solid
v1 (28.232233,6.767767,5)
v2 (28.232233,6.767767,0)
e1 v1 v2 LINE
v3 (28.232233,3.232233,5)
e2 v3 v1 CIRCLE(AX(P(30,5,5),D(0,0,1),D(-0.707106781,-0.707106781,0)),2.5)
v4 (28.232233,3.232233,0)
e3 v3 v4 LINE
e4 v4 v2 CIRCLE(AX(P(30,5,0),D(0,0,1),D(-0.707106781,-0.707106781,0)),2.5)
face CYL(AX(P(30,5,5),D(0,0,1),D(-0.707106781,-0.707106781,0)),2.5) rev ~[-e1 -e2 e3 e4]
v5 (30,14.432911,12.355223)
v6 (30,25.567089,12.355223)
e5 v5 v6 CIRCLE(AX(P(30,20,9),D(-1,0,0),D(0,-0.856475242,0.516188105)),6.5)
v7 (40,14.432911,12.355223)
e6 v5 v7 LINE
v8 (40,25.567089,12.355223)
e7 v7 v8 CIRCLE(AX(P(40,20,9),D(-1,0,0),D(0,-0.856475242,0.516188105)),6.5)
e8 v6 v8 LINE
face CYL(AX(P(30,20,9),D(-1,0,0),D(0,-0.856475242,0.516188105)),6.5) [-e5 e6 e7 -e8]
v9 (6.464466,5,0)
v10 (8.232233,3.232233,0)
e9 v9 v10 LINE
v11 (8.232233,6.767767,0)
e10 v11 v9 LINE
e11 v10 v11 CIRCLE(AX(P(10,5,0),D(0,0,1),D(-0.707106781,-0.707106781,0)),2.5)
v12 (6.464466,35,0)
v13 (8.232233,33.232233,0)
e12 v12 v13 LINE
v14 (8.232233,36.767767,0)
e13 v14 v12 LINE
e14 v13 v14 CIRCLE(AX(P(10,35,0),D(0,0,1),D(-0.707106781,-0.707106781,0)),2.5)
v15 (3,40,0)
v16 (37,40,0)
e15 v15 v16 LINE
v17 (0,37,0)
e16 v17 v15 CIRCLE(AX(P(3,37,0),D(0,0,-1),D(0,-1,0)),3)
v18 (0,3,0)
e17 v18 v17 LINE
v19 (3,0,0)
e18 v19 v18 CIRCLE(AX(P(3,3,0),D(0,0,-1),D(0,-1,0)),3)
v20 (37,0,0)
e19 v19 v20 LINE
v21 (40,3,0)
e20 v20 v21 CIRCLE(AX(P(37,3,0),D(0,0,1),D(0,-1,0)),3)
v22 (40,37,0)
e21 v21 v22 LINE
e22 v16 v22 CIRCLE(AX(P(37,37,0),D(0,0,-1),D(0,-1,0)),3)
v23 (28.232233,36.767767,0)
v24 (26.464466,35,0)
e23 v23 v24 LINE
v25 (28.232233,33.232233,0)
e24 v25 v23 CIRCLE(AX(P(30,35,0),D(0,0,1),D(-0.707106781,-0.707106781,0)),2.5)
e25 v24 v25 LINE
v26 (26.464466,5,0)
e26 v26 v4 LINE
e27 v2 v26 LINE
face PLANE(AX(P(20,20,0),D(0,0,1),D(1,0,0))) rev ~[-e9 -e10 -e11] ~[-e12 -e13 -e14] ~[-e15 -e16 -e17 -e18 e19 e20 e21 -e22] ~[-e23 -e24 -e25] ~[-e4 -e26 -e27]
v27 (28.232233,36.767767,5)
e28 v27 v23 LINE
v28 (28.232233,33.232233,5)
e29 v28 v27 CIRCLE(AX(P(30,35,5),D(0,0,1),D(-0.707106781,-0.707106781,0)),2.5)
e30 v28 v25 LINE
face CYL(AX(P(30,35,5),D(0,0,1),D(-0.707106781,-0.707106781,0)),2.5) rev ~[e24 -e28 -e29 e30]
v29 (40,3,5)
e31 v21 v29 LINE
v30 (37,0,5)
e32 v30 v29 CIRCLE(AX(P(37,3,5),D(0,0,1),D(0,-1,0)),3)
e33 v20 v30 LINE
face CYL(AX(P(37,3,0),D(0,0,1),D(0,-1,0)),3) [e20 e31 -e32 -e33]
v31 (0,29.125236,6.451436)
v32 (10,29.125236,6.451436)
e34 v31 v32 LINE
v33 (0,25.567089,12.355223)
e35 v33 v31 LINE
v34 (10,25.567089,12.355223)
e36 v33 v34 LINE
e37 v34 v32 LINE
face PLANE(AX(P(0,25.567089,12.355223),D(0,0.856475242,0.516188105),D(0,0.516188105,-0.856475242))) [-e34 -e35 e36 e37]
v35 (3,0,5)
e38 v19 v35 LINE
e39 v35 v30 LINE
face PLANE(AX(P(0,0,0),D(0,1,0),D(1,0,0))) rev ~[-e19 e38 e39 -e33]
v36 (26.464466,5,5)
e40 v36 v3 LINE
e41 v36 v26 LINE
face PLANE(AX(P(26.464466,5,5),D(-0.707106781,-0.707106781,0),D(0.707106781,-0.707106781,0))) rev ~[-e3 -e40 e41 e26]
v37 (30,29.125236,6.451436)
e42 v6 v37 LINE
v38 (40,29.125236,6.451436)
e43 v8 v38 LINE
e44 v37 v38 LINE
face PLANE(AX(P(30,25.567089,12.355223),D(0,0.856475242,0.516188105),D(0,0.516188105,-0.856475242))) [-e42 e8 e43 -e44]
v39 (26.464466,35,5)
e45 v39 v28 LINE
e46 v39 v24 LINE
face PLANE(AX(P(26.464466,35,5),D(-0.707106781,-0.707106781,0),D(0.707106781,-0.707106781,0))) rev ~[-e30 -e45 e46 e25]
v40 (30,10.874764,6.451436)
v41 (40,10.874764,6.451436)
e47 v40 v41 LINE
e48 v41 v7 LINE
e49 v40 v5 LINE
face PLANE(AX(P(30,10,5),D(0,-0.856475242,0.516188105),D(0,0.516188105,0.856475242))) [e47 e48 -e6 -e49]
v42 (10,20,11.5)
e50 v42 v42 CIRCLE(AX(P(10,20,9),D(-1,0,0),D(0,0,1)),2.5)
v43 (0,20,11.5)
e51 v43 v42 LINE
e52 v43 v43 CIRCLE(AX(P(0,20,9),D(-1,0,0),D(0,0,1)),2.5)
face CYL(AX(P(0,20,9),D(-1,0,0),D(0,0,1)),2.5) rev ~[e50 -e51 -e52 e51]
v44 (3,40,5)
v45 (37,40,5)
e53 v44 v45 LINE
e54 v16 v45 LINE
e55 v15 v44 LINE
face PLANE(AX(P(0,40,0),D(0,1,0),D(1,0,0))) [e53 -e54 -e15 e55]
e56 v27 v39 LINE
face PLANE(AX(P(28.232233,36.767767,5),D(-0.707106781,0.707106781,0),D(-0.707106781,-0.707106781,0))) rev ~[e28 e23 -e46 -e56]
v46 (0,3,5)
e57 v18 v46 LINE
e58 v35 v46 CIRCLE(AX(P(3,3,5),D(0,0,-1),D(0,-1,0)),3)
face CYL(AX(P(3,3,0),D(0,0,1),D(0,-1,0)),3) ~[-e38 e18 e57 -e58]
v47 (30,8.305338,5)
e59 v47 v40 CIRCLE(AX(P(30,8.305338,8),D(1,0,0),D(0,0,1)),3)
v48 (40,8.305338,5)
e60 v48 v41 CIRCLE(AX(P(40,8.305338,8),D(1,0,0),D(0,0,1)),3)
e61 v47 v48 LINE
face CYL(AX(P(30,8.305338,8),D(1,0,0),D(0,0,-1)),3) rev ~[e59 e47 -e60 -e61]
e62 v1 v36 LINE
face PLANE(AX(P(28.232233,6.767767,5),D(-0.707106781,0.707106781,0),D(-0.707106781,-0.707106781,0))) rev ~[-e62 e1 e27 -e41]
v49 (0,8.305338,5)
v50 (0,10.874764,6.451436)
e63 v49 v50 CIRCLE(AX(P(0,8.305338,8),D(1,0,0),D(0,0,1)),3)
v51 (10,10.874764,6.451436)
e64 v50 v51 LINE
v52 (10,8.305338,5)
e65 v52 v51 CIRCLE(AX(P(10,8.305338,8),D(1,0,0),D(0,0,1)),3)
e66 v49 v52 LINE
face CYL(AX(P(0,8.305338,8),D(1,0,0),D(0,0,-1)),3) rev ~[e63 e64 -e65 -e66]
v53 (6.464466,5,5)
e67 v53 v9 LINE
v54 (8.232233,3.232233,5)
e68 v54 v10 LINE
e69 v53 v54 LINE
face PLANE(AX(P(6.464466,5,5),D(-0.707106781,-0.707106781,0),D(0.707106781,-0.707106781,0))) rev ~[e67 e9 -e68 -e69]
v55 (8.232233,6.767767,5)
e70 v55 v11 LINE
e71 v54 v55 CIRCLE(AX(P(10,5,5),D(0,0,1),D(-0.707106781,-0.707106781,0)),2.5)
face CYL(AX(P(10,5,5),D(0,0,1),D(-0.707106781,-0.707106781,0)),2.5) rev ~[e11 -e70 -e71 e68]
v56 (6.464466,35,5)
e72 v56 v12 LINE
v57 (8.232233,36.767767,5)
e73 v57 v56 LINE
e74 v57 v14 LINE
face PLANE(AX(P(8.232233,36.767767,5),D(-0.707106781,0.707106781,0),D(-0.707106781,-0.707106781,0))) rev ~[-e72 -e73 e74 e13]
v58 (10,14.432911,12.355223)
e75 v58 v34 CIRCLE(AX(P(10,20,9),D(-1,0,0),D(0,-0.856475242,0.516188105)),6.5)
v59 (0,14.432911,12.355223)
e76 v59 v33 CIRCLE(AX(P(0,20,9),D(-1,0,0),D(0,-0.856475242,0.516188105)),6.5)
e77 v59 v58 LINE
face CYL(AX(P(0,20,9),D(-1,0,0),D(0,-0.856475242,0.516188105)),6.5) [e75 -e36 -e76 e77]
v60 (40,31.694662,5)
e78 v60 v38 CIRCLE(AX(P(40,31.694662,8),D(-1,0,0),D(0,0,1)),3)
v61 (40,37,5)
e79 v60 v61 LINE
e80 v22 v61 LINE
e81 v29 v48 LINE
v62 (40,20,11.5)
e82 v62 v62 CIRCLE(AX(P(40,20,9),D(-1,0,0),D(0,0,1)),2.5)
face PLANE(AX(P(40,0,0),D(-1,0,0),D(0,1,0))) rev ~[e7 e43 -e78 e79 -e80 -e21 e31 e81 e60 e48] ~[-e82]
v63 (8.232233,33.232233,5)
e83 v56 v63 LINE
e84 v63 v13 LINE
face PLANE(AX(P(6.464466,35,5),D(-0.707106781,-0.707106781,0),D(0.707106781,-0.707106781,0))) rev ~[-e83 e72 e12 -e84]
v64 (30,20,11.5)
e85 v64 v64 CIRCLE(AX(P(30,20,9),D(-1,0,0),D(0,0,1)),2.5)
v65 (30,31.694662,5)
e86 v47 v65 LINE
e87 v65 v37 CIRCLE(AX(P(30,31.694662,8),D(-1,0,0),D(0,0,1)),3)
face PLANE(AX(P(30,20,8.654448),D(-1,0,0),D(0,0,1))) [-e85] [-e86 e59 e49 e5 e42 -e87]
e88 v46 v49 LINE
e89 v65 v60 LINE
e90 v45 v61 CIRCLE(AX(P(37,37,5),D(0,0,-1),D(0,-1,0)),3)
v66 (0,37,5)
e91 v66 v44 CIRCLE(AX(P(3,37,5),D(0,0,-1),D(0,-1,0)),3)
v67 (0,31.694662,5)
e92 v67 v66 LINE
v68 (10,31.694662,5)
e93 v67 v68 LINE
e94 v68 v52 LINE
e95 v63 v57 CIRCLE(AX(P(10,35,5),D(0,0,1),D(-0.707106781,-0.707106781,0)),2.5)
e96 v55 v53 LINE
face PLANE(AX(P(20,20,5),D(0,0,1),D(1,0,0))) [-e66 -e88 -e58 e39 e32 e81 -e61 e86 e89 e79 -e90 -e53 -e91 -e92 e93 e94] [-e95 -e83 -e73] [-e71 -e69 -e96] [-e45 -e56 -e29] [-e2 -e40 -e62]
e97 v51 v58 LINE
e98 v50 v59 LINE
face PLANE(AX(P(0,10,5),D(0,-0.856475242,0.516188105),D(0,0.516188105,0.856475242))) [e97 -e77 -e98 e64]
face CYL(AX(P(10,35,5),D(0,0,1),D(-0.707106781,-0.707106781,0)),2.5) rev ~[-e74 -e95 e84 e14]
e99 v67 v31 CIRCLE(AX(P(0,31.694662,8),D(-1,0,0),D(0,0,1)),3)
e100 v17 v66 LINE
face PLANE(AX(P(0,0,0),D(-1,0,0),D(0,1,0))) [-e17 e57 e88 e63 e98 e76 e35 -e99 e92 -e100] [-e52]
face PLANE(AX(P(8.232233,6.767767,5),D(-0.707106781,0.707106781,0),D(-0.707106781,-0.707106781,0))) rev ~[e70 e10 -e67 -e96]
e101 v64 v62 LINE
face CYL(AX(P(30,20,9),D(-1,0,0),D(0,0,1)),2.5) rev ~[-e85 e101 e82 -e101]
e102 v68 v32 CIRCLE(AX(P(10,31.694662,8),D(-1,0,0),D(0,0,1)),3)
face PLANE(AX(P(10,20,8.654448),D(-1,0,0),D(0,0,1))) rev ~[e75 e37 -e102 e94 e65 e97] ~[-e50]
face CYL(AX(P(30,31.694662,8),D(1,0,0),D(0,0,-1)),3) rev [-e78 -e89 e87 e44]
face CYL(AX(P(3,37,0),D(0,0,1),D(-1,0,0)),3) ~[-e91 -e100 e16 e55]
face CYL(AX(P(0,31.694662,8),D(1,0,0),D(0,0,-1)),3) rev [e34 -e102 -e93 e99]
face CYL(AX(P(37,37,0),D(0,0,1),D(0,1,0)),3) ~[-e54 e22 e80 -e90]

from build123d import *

# Parameters (mm, degrees)
SKETCH1_W              = 40
SKETCH1_H              = 40
BOSS_EXTRUDE1_DEPTH    = 5
CUT_EXTRUDE1_DEPTH     = 57.789083458
SKETCH3_R              = 2.5
BOSS_EXTRUDE2_DEPTH    = 10
FILLET1_R              = 3
LPATTERN1_COUNT        = 2
LPATTERN1_PITCH        = 30
FILLET1_OF_LPATTERN1_R = 3
FILLET2_R              = 3


with BuildPart() as part:
    # Sketch1 → Boss-Extrude1 (new body)
    with BuildSketch(Plane.XY):
        with Locations((20, 20)):
            Rectangle(SKETCH1_W, SKETCH1_H)
    extrude(amount=BOSS_EXTRUDE1_DEPTH)

    # Sketch2 → Cut-Extrude1 (cut, through all)
    with BuildSketch(Plane.XY.offset(5)):
        with BuildLine():
            Line((8.232233047, 36.767766953), (6.464466094, 35))
            Line((6.464466094, 35), (8.232233047, 33.232233047))
            ThreePointArc((8.232233047, 33.232233047), (12.5, 35), (8.232233047, 36.767766953))
        make_face()
        with BuildLine():
            Line((26.464466094, 35), (28.232233047, 33.232233047))
            ThreePointArc((28.232233047, 33.232233047), (32.5, 35), (28.232233047, 36.767766953))
            Line((28.232233047, 36.767766953), (26.464466094, 35))
        make_face()
        with BuildLine():
            Line((26.464466094, 5), (28.232233047, 3.232233047))
            ThreePointArc((28.232233047, 3.232233047), (32.5, 5), (28.232233047, 6.767766953))
            Line((28.232233047, 6.767766953), (26.464466094, 5))
        make_face()
        with BuildLine():
            Line((6.464466094, 5), (8.232233047, 3.232233047))
            ThreePointArc((8.232233047, 3.232233047), (12.5, 5), (8.232233047, 6.767766953))
            Line((8.232233047, 6.767766953), (6.464466094, 5))
        make_face()
    extrude(amount=-CUT_EXTRUDE1_DEPTH, mode=Mode.SUBTRACT)

    # Sketch3 → Boss-Extrude2 (add)
    with BuildSketch(Plane.ZY):
        with BuildLine():
            Line((12.355222683, 25.567089073), (5, 30))
            Line((5, 30), (5, 10))
            Line((5, 10), (12.355222683, 14.432910927))
            ThreePointArc((12.355222683, 14.432910927), (15.5, 20), (12.355222683, 25.567089073))
        make_face()
        with Locations((9, 20)):
            Circle(SKETCH3_R, mode=Mode.SUBTRACT)
    boss_extrude2 = extrude(amount=-BOSS_EXTRUDE2_DEPTH)

    # Fillet1
    fillet1_edges = [part.edges().sort_by_distance(p)[0] for p in [
        (5, 10, 5),
        (5, 30, 5),
    ]]
    fillet(fillet1_edges, radius=FILLET1_R)

    # LPattern1: Boss-Extrude2 ×2
    with Locations(*[(i * LPATTERN1_PITCH, 0, 0) for i in range(1, LPATTERN1_COUNT)]):
        add(boss_extrude2)

    # Fillet1 of LPattern1
    fillet1_of_lpattern1_edges = [part.edges().sort_by_distance(p)[0] for p in [
        (35, 10, 5),
        (35, 30, 5),
    ]]
    fillet(fillet1_of_lpattern1_edges, radius=FILLET1_OF_LPATTERN1_R)

    # Fillet2
    fillet2_edges = [part.edges().sort_by_distance(p)[0] for p in [
        (0, 40, 2.5),
        (40, 40, 2.5),
        (40, 0, 2.5),
        (0, 0, 2.5),
    ]]
    fillet(fillet2_edges, radius=FILLET2_R)


solid = part.part
